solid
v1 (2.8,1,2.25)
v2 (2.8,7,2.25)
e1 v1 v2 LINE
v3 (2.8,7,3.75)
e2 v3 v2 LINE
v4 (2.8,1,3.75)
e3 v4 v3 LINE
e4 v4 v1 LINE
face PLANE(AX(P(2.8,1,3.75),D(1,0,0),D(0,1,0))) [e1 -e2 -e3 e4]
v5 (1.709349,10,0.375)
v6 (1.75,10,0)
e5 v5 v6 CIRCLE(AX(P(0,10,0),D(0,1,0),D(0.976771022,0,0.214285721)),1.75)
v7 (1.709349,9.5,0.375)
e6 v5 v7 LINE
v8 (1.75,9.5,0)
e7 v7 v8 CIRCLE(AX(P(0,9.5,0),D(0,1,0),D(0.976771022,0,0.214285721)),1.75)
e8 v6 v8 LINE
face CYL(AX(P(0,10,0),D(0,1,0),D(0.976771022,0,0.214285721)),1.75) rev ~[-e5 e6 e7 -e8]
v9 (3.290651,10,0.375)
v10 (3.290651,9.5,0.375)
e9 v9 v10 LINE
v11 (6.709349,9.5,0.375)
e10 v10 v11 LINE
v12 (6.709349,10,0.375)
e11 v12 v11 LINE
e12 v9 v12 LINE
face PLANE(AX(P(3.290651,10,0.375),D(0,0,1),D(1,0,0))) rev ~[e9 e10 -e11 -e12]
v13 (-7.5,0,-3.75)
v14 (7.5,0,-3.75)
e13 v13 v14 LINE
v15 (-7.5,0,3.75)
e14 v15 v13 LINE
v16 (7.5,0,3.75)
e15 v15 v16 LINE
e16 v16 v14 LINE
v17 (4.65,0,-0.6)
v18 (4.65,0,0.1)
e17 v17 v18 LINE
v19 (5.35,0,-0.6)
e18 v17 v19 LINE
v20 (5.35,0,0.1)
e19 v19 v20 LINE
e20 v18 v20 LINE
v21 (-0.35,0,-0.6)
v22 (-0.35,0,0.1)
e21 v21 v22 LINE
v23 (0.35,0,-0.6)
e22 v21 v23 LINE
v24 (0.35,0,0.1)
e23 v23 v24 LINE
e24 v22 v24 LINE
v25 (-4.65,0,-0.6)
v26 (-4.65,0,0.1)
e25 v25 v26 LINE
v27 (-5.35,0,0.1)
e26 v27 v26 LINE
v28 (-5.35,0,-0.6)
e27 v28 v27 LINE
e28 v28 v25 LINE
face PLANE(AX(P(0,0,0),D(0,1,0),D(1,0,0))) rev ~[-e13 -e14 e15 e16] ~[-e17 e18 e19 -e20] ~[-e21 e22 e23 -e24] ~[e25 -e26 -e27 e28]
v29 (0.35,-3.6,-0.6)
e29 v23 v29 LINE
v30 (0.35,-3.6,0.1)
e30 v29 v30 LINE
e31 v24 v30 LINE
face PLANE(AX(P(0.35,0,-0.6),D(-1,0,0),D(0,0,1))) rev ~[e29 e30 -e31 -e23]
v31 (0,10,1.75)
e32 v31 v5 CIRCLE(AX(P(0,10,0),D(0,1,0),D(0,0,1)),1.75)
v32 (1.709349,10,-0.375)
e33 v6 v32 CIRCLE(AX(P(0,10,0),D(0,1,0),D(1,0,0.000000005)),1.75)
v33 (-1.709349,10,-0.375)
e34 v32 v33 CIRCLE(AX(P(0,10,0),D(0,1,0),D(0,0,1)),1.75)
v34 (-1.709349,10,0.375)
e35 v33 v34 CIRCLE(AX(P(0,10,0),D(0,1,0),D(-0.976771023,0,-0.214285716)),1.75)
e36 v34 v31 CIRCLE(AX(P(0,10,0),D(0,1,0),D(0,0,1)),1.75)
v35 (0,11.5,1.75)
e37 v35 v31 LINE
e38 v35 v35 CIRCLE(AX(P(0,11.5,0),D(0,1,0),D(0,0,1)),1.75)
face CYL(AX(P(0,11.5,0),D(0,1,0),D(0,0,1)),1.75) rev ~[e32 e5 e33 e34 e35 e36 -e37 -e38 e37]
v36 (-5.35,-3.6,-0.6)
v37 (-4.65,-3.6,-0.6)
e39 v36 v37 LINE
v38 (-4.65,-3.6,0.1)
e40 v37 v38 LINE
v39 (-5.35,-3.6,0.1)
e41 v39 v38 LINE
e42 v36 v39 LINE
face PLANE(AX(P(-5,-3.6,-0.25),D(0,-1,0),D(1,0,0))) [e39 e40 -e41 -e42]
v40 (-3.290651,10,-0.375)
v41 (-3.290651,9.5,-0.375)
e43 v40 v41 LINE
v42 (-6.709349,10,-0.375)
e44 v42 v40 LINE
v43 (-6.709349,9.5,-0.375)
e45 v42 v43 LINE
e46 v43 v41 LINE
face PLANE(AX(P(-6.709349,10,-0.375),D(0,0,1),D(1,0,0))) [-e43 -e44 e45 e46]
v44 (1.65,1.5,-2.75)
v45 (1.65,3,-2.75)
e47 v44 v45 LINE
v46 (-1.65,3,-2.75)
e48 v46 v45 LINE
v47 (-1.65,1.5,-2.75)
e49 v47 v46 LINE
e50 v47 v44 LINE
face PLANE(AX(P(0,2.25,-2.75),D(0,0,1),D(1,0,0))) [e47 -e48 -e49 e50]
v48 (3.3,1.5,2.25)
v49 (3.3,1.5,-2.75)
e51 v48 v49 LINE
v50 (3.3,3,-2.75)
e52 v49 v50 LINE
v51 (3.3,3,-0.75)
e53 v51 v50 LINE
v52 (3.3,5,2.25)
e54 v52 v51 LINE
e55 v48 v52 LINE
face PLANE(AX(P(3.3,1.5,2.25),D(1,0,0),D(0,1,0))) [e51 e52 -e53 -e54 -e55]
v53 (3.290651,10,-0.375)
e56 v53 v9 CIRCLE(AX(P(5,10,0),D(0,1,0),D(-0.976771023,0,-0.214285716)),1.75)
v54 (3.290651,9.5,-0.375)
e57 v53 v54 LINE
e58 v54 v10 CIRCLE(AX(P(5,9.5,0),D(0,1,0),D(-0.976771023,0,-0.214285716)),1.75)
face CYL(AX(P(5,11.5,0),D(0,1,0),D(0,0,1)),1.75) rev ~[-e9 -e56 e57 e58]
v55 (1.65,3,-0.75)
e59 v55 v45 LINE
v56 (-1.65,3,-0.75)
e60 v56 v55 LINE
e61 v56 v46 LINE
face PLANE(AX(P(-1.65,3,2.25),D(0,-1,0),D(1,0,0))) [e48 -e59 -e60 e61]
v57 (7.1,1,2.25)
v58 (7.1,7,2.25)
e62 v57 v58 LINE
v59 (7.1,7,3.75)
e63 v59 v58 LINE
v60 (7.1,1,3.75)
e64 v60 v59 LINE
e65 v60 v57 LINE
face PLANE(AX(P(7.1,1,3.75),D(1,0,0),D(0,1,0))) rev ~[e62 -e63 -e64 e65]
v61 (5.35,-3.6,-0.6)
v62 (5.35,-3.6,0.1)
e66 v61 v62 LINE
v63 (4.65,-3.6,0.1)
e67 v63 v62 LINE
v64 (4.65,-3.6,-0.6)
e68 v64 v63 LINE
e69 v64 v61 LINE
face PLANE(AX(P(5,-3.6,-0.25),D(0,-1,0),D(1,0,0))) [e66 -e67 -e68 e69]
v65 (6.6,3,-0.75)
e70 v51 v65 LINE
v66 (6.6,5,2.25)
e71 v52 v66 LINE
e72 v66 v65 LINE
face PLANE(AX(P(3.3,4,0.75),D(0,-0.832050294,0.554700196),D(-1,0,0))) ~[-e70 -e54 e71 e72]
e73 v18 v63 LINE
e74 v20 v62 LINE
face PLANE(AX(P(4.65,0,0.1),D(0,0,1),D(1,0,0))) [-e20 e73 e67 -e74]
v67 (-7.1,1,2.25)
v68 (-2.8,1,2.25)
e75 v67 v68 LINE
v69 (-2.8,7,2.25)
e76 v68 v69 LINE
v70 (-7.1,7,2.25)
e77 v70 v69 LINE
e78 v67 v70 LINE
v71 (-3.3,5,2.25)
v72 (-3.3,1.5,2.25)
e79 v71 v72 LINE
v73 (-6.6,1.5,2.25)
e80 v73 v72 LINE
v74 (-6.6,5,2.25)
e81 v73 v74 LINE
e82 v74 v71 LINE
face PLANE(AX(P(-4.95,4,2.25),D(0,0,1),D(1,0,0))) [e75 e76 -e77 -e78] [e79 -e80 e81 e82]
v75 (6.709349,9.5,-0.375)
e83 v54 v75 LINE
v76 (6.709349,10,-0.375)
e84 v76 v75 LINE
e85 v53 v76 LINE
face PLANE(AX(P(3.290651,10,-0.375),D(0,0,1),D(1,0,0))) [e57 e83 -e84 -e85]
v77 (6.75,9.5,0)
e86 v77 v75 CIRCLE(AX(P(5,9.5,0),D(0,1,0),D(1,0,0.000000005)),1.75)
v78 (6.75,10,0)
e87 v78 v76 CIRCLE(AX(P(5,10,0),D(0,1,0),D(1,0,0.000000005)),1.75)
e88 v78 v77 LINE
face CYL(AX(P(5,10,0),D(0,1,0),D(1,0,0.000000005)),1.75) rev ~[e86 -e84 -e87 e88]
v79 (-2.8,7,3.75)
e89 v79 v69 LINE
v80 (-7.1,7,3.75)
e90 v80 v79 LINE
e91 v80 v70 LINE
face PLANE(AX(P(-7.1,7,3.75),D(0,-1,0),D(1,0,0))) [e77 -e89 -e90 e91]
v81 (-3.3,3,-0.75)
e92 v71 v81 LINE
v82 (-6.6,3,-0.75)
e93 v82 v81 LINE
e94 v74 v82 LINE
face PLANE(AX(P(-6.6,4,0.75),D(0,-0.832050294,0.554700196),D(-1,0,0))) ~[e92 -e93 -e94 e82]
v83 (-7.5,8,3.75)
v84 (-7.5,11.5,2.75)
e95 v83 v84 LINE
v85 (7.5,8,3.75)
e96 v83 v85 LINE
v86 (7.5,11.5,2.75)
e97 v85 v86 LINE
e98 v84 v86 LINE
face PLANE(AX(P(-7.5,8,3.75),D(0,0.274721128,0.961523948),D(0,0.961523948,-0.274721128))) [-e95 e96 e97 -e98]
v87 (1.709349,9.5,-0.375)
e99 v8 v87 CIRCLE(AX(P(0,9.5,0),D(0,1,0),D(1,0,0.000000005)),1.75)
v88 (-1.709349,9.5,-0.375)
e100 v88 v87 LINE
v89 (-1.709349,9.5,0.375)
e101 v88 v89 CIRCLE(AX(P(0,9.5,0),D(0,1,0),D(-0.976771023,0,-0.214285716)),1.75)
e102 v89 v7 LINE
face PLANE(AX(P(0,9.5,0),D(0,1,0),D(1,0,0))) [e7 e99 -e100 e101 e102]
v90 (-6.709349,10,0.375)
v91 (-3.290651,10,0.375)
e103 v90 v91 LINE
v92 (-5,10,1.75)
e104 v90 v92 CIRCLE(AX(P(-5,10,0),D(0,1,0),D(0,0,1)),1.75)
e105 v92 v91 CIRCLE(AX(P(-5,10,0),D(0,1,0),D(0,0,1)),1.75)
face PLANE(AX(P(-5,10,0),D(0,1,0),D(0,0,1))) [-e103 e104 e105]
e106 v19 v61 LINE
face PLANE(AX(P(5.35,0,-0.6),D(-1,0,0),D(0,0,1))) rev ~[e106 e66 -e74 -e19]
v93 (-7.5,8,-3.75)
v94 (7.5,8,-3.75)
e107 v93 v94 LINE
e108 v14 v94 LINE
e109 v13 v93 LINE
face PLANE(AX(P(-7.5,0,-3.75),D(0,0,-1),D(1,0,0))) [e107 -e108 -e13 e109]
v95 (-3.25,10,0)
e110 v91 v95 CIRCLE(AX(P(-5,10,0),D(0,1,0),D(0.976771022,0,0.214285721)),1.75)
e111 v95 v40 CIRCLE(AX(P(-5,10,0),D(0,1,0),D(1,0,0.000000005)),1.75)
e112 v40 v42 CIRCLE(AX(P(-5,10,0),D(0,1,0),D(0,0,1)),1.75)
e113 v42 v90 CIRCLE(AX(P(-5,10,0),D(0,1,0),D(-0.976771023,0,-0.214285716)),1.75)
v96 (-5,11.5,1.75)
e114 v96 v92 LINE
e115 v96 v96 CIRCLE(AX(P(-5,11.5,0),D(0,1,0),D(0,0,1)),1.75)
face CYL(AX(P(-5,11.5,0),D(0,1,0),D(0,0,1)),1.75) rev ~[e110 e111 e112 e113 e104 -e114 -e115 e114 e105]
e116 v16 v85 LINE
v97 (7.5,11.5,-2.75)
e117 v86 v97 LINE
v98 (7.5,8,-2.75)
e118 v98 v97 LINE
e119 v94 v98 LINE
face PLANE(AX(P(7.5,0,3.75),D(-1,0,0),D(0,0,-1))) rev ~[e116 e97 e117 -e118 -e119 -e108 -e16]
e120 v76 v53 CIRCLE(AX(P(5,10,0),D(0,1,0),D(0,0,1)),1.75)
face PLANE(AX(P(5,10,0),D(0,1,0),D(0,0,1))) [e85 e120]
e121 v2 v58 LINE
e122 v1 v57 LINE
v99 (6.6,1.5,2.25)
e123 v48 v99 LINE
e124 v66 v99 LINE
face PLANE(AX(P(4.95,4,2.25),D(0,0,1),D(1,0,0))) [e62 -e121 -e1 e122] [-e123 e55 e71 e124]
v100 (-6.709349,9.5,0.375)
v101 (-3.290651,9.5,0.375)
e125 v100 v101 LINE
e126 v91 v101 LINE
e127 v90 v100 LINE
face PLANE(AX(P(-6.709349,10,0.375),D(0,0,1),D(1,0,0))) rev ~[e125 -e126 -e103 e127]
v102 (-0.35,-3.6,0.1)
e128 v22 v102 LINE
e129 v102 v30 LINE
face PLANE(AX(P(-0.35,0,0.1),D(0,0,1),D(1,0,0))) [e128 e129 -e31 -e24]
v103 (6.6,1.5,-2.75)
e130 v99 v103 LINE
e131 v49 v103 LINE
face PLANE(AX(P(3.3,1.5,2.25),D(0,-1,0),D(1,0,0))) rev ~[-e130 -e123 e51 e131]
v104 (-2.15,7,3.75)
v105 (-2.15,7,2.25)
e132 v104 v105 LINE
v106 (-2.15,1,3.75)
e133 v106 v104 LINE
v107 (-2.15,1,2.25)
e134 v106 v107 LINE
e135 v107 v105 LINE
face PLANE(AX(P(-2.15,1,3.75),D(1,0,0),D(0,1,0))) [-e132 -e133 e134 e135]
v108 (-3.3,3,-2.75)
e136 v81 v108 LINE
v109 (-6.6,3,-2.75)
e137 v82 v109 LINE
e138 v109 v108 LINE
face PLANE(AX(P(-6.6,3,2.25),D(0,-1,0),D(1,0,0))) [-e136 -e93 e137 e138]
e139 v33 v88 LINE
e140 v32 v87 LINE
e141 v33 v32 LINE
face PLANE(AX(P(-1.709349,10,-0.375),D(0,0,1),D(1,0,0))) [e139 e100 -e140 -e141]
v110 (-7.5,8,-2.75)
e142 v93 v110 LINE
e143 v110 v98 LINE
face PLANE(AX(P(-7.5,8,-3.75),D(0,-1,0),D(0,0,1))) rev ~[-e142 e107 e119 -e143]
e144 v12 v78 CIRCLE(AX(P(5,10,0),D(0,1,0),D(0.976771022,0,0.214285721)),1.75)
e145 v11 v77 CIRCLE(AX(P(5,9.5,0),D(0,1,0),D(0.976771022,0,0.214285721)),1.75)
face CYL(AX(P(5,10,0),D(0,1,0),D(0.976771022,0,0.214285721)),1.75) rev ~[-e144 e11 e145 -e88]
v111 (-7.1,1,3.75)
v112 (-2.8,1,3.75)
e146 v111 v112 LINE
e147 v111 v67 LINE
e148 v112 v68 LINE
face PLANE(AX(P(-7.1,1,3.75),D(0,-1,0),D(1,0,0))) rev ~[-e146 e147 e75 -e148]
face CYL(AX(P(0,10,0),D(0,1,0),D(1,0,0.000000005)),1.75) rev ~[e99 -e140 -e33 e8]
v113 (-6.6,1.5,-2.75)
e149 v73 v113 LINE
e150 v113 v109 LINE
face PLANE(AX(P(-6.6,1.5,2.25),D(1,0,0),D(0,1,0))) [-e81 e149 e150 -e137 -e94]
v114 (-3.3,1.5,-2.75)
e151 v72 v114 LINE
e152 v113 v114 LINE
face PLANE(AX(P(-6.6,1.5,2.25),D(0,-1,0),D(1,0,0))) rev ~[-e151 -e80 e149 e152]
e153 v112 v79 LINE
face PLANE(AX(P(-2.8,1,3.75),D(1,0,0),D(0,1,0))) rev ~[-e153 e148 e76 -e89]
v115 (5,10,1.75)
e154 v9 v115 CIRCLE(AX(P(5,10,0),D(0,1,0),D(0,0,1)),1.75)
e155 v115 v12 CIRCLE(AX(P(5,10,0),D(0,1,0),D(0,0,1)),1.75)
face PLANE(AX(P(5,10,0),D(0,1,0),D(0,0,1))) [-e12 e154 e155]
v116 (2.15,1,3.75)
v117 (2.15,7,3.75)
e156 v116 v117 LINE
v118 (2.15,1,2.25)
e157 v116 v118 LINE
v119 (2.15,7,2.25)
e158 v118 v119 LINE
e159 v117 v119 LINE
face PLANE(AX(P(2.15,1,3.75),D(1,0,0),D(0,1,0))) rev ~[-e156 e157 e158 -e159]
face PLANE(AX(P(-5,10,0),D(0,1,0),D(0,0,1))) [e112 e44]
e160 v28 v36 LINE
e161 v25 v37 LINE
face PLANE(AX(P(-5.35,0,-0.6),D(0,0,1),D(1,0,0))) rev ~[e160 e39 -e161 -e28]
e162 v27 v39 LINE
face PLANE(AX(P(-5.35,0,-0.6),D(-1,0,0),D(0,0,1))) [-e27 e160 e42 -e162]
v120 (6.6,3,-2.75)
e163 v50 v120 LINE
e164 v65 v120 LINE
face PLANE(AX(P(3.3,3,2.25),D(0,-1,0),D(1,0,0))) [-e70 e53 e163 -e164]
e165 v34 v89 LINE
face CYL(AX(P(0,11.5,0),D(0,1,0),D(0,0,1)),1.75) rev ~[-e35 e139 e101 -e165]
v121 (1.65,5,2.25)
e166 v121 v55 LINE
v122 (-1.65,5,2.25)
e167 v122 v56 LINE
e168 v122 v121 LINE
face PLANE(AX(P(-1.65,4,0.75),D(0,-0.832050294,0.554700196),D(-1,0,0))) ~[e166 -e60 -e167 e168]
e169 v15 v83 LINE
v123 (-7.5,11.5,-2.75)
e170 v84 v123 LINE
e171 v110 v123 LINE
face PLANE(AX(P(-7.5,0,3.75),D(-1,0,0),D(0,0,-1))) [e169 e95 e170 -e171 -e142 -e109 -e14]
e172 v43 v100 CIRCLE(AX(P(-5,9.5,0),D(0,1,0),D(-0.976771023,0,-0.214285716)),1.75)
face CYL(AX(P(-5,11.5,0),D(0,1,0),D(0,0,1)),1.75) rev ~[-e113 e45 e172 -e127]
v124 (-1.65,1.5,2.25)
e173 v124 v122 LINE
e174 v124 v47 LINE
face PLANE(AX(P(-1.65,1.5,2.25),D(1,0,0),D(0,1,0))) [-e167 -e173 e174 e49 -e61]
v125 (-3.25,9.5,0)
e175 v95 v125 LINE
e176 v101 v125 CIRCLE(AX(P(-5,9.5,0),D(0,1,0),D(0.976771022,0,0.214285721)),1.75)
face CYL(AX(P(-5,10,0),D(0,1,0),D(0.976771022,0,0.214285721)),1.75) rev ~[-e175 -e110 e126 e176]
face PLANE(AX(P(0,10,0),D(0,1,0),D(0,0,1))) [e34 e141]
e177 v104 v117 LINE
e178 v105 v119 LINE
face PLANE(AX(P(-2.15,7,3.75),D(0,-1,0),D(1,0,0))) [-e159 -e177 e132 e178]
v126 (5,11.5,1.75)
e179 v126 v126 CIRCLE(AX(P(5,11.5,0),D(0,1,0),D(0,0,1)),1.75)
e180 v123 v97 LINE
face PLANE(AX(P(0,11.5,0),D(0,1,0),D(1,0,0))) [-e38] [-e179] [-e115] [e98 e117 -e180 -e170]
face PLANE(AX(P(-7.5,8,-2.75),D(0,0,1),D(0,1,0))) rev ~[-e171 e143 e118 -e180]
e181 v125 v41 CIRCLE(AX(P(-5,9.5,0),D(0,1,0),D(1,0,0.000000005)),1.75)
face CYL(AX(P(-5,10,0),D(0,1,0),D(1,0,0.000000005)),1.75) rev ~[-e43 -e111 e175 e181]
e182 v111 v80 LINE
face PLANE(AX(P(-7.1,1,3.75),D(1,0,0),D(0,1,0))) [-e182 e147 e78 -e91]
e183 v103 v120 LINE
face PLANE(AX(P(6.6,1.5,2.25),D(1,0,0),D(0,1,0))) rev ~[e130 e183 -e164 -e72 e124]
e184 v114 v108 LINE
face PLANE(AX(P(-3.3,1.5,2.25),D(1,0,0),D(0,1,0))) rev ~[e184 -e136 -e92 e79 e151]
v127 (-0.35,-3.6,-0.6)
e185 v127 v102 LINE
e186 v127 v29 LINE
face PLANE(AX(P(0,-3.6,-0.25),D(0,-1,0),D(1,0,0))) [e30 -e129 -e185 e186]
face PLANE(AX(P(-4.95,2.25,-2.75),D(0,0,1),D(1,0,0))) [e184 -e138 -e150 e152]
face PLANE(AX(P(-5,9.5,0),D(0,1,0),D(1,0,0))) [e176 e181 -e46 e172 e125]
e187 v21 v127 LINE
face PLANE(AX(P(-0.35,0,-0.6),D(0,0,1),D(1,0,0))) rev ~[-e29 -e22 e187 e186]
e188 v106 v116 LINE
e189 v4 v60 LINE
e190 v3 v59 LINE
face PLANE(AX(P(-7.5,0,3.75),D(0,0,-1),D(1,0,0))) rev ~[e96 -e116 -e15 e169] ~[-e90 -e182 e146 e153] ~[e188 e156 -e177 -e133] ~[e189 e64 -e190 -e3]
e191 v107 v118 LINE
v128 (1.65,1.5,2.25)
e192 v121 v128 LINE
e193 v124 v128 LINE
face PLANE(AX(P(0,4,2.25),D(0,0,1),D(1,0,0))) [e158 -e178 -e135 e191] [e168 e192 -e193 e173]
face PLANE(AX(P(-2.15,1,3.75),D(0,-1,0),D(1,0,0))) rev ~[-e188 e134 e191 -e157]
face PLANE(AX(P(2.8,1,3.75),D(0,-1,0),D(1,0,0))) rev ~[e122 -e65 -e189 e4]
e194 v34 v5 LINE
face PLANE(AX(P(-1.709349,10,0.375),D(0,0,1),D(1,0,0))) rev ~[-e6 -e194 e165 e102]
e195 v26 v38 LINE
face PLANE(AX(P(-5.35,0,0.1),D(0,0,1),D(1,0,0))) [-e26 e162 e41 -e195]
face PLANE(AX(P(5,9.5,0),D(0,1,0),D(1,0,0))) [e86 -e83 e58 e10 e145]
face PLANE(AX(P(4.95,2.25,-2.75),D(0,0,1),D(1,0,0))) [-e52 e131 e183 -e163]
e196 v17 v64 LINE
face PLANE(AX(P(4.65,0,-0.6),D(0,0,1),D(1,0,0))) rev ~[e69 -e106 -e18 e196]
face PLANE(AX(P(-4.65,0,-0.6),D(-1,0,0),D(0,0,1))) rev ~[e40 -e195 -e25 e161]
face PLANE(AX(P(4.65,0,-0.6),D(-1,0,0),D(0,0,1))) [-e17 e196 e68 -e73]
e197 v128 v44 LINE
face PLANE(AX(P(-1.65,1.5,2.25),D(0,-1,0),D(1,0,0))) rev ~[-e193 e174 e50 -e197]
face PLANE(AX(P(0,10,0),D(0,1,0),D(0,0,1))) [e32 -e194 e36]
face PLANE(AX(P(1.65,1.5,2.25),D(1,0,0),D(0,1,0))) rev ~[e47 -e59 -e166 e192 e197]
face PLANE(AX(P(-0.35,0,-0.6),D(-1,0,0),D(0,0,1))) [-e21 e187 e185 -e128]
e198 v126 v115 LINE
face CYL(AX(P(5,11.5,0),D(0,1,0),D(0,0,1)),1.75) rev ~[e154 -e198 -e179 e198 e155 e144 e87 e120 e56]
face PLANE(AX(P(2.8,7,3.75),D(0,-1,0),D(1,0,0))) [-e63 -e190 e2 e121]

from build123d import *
from OCP.BRepFilletAPI import BRepFilletAPI_MakeChamfer

# Parameters (mm, degrees)
SKETCH1_W           = 15
SKETCH1_H           = 7.5
BOSS_EXTRUDE1_DEPTH = 11.5
SKETCH2_W           = 1
SKETCH2_H           = 3.5
CUT_EXTRUDE1_DEPTH  = 20.269470673
CUT_EXTRUDE2_DEPTH  = 20.269470673
SKETCH4_R           = 1.75
CUT_EXTRUDE3_DEPTH  = 1.5
SKETCH5_W           = 3.418698582
SKETCH5_H           = 0.75
CUT_EXTRUDE4_DEPTH  = 0.5
SKETCH6_W           = 4.3
SKETCH6_H           = 6
CUT_EXTRUDE5_DEPTH  = 1.5
SKETCH7_W           = 3.3
SKETCH7_H           = 1.5
CUT_EXTRUDE6_DEPTH  = 5
CHAMFER1_SIZE       = 2
CHAMFER1_SIZE2      = 3
SKETCH8_W           = 0.7
SKETCH8_H           = 0.7
BOSS_EXTRUDE2_DEPTH = 3.6


with BuildPart() as part:
    # Sketch1 → Boss-Extrude1 (new body)
    with BuildSketch(Plane(origin=(0, 0, 0), x_dir=(1, 0, 0), z_dir=(0, 1, 0))):
        Rectangle(SKETCH1_W, SKETCH1_H)
    extrude(amount=BOSS_EXTRUDE1_DEPTH)

    # Sketch2 → Cut-Extrude1 (cut, through all)
    with BuildSketch(Plane.ZY.offset(7.5)):
        with Locations((-3.25, 9.75)):
            Rectangle(SKETCH2_W, SKETCH2_H)
    extrude(amount=-CUT_EXTRUDE1_DEPTH, mode=Mode.SUBTRACT)

    # Sketch3 → Cut-Extrude2 (cut, through all)
    with BuildSketch(Plane.ZY.offset(7.5)):
        Polygon((3.75, 8), (2.75, 11.5), (3.75, 11.5), align=None)
    extrude(amount=-CUT_EXTRUDE2_DEPTH, mode=Mode.SUBTRACT)

    # Sketch4 → Cut-Extrude3 (cut)
    with BuildSketch(Plane(origin=(0, 11.5, 0), x_dir=(1, 0, 0), z_dir=(0, 1, 0))):
        with Locations(Location((-5, 0, 0), (0, 0, 270))):
            Circle(SKETCH4_R)
        with Locations(Location((0, 0, 0), (0, 0, 270))):
            Circle(SKETCH4_R)
        with Locations(Location((5, 0, 0), (0, 0, 270))):
            Circle(SKETCH4_R)
    extrude(amount=-CUT_EXTRUDE3_DEPTH, mode=Mode.SUBTRACT)

    # Sketch5 → Cut-Extrude4 (cut)
    with BuildSketch(Plane(origin=(0, 10, 0), x_dir=(1, 0, 0), z_dir=(0, 1, 0))):
        with Locations((-5, 0)):
            Rectangle(SKETCH5_W, SKETCH5_H)
        with BuildLine():
            Line((-6.709349291, -0.375), (-6.709349291, 0.375))
            ThreePointArc((-6.709349291, 0.375), (-6.75, 0), (-6.709349291, -0.375))
        make_face()
        with BuildLine():
            ThreePointArc((-3.25, 0), (-3.260192358, 0.188598436), (-3.290650709, 0.375))
            Line((-3.290650709, 0.375), (-3.290650709, -0.375))
            ThreePointArc((-3.290650709, -0.375), (-3.260192358, -0.188598436), (-3.25, 0))
        make_face()
        Rectangle(SKETCH5_W, SKETCH5_H)
        with BuildLine():
            ThreePointArc((1.75, 0), (1.739807642, 0.188598436), (1.709349291, 0.375))
            Line((1.709349291, 0.375), (1.709349291, -0.375))
            ThreePointArc((1.709349291, -0.375), (1.739807642, -0.188598436), (1.75, 0))
        make_face()
        with Locations((5, 0)):
            Rectangle(SKETCH5_W, SKETCH5_H)
        with BuildLine():
            ThreePointArc((6.75, 0), (6.739807642, 0.188598436), (6.709349291, 0.375))
            Line((6.709349291, 0.375), (6.709349291, -0.375))
            ThreePointArc((6.709349291, -0.375), (6.739807642, -0.188598436), (6.75, 0))
        make_face()
        with BuildLine():
            Line((3.290650709, -0.375), (3.290650709, 0.375))
            ThreePointArc((3.290650709, 0.375), (3.25, 0), (3.290650709, -0.375))
        make_face()
        with BuildLine():
            Line((-1.709349291, -0.375), (-1.709349291, 0.375))
            ThreePointArc((-1.709349291, 0.375), (-1.75, 0), (-1.709349291, -0.375))
        make_face()
    extrude(amount=-CUT_EXTRUDE4_DEPTH, mode=Mode.SUBTRACT)

    # Sketch6 → Cut-Extrude5 (cut)
    with BuildSketch(Plane.XY.offset(3.75)):
        with Locations((-4.95, 4)):
            Rectangle(SKETCH6_W, SKETCH6_H)
        with Locations((0, 4)):
            Rectangle(SKETCH6_W, SKETCH6_H)
        with Locations((4.95, 4)):
            Rectangle(SKETCH6_W, SKETCH6_H)
    extrude(amount=-CUT_EXTRUDE5_DEPTH, mode=Mode.SUBTRACT)

    # Sketch7 → Cut-Extrude6 (cut)
    with BuildSketch(Plane.XY.offset(2.25)):
        with Locations((-4.95, 2.25)):
            Rectangle(SKETCH7_W, SKETCH7_H)
        with Locations((0, 2.25)):
            Rectangle(SKETCH7_W, SKETCH7_H)
        with Locations((4.95, 2.25)):
            Rectangle(SKETCH7_W, SKETCH7_H)
    extrude(amount=-CUT_EXTRUDE6_DEPTH, mode=Mode.SUBTRACT)

    # Chamfer1: one chamfer whose edges measure the first distance from different faces: ONE call of the kernel's chamfer builder (chamfer() names one face for all edges)
    chamfer1_edges_1 = [part.edges().sort_by_distance(p)[0] for p in [
        (-4.95, 3, 2.25),
    ]]
    chamfer1_side_1 = [part.faces().sort_by_distance(p)[0] for p in [
        (-4.95, 4.415467626, 2.25),
    ]]
    chamfer1_edges_2 = [part.edges().sort_by_distance(p)[0] for p in [
        (0, 3, 2.25),
    ]]
    chamfer1_side_2 = [part.faces().sort_by_distance(p)[0] for p in [
        (0, 4.415467626, 2.25),
    ]]
    chamfer1_edges_3 = [part.edges().sort_by_distance(p)[0] for p in [
        (4.95, 3, 2.25),
    ]]
    chamfer1_side_3 = [part.faces().sort_by_distance(p)[0] for p in [
        (4.95, 4.415467626, 2.25),
    ]]
    chamfer1 = BRepFilletAPI_MakeChamfer(part.part.solid().wrapped)
    for e in chamfer1_edges_1:
        chamfer1.Add(CHAMFER1_SIZE, CHAMFER1_SIZE2, e.wrapped, chamfer1_side_1[0].wrapped)  # the first distance lies on this face
    for e in chamfer1_edges_2:
        chamfer1.Add(CHAMFER1_SIZE, CHAMFER1_SIZE2, e.wrapped, chamfer1_side_2[0].wrapped)  # the first distance lies on this face
    for e in chamfer1_edges_3:
        chamfer1.Add(CHAMFER1_SIZE, CHAMFER1_SIZE2, e.wrapped, chamfer1_side_3[0].wrapped)  # the first distance lies on this face
    add(Compound.cast(chamfer1.Shape()), mode=Mode.REPLACE)

    # Sketch8 → Boss-Extrude2 (add)
    with BuildSketch(Plane.XZ):
        with Locations((-5, -0.25)):
            Rectangle(SKETCH8_W, SKETCH8_H)
        with Locations((0, -0.25)):
            Rectangle(SKETCH8_W, SKETCH8_H)
        with Locations((5, -0.25)):
            Rectangle(SKETCH8_W, SKETCH8_H)
    extrude(amount=BOSS_EXTRUDE2_DEPTH)


solid = part.part
